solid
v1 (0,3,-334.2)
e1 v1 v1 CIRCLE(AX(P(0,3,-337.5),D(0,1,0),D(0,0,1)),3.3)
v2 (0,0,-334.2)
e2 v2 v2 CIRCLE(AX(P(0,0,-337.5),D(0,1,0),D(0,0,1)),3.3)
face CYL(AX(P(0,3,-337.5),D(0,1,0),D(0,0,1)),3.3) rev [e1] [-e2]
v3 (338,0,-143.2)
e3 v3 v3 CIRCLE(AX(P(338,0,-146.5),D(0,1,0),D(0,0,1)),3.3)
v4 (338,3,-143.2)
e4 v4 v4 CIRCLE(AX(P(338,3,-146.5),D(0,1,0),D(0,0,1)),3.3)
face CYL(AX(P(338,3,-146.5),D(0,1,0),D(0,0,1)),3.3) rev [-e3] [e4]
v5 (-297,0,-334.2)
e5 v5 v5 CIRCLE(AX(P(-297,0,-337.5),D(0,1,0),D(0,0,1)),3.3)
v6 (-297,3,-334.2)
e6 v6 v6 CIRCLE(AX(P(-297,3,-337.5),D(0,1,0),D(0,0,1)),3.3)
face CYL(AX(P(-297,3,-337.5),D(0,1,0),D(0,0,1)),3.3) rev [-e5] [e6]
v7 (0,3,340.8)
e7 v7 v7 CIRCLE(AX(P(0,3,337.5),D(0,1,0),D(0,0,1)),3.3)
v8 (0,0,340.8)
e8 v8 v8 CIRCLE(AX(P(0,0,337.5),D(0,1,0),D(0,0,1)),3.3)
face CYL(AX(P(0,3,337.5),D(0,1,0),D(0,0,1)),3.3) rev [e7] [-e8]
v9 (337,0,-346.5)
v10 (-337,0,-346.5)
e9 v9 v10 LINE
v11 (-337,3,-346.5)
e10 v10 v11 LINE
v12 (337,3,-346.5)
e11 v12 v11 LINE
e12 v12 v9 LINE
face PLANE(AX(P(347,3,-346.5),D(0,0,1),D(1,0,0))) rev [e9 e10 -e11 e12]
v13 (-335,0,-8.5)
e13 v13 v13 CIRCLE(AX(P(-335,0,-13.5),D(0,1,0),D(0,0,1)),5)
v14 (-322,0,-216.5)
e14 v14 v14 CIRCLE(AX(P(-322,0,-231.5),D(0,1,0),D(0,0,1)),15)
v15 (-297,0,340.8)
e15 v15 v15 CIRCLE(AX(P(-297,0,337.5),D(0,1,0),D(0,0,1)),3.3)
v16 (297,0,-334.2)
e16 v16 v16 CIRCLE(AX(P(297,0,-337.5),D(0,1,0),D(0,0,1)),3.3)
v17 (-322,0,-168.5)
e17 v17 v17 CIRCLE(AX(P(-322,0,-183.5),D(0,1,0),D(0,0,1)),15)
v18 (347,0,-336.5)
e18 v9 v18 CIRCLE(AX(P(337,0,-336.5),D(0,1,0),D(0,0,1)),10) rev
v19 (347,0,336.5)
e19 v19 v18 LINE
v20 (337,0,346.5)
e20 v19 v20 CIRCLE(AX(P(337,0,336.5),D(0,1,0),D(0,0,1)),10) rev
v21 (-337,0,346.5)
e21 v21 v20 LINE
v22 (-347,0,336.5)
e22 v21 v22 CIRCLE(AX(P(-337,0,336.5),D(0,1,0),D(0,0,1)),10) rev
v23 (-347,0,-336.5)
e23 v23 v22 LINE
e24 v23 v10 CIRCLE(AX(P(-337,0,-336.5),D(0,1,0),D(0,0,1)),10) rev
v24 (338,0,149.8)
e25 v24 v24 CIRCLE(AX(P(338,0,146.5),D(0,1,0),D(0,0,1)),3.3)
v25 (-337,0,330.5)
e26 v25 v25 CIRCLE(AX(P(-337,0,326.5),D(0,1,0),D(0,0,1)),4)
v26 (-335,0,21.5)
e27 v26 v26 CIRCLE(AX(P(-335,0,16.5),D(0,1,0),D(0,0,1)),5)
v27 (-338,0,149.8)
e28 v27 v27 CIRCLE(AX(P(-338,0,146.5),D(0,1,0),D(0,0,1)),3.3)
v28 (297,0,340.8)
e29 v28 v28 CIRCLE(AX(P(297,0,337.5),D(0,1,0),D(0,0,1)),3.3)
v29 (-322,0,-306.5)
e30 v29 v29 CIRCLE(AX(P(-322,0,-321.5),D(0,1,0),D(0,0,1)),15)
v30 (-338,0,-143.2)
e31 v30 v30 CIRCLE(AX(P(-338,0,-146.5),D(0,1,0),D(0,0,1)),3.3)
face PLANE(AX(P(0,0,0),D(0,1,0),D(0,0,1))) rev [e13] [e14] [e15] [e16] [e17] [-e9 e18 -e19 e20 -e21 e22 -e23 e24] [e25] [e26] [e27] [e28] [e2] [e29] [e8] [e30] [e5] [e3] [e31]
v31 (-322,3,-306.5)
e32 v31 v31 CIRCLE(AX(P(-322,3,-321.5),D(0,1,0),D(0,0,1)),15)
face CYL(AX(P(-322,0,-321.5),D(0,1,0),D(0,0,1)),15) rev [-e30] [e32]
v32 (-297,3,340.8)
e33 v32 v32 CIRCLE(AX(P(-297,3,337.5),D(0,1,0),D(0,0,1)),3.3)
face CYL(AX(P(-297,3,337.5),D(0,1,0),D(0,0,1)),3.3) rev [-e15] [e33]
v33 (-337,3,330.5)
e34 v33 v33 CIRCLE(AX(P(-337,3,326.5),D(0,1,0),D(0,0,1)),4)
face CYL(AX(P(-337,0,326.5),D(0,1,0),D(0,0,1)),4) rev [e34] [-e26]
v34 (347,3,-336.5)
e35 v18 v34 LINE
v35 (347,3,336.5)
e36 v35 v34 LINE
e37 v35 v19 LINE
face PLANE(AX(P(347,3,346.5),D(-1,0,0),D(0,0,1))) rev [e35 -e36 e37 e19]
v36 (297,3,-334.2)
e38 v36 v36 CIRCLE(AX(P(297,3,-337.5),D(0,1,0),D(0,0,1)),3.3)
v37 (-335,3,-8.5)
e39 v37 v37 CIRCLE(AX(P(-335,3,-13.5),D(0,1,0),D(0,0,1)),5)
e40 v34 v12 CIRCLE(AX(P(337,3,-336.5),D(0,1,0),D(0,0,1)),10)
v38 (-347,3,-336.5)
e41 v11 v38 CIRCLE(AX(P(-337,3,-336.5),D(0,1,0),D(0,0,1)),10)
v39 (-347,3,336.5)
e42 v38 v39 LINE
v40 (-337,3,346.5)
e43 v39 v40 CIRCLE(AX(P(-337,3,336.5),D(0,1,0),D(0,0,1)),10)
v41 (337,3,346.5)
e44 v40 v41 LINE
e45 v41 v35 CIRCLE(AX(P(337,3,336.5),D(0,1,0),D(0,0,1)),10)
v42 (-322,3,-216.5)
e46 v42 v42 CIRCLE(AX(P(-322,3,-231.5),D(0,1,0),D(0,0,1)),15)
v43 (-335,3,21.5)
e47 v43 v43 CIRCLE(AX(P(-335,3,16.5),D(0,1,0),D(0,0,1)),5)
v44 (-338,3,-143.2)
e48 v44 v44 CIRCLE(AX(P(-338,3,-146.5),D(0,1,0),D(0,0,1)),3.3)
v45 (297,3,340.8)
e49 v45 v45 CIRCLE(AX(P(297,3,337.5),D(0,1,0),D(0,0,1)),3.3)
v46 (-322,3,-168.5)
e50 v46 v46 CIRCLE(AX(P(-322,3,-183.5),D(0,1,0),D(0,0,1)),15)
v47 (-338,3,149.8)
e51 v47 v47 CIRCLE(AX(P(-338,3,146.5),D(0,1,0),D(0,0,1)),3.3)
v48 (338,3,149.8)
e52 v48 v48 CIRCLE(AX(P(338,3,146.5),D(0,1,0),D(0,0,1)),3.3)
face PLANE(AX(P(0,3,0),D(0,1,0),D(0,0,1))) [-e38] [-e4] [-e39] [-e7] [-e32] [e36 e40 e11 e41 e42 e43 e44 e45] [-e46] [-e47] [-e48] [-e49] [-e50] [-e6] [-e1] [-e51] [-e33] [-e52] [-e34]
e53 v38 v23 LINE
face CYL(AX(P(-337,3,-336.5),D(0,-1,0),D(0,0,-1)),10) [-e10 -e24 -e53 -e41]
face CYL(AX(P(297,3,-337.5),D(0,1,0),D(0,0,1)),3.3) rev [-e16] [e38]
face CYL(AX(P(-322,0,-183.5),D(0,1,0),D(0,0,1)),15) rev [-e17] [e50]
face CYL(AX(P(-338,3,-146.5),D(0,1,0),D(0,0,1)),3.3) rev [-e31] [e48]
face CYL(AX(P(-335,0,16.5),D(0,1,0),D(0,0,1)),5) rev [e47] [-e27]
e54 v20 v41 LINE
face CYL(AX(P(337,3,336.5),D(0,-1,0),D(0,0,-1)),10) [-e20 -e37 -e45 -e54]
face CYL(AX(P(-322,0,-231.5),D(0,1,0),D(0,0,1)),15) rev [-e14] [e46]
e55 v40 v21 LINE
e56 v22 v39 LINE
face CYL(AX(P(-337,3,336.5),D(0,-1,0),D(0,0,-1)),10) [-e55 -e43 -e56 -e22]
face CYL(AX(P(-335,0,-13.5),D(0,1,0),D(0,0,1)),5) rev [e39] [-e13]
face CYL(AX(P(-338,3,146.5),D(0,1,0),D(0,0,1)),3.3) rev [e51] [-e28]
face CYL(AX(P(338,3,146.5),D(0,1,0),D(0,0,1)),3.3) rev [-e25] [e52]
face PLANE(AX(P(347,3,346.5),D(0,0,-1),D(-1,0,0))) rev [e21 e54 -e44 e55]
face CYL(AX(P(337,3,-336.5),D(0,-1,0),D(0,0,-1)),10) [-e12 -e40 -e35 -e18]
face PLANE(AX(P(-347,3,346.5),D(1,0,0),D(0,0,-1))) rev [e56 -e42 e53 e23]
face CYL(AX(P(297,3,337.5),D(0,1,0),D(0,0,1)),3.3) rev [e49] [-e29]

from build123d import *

# Parameters (mm, degrees)
SKETCH1_W            = 694
SKETCH1_H            = 693
BOSS_EXTRUDE1_DEPTH  = 3
M6_CLEARANCE_HOLE1_D = 6.6
LPATTERN1_COUNT      = 3
LPATTERN1_PITCH      = 297
MIRROR1_COPY_1_D     = 6.6
MIRROR1_COPY_2_D     = 6.6
M6_CLEARANCE_HOLE2_D = 6.6
LPATTERN2_COUNT      = 2
LPATTERN2_PITCH      = 293
MIRROR2_COPY_1_D     = 6.6
FILLET1_R            = 10
SKETCH6_R            = 4
SKETCH6_R_2          = 5
SKETCH6_R_3          = 15
CUT_EXTRUDE1_DEPTH   = 4


with BuildPart() as part:
    # Sketch1 → Boss-Extrude1 (new body)
    with BuildSketch(Plane(origin=(0, 0, 0), x_dir=(1, 0, 0), z_dir=(0, 1, 0))):
        Rectangle(SKETCH1_W, SKETCH1_H)
    extrude(amount=BOSS_EXTRUDE1_DEPTH)

    # M6 Clearance Hole1 (through all)
    with Locations(Plane(origin=(0, 3, 0), x_dir=(1, 0, 0), z_dir=(0, 1, 0))):
        with Locations((297, -337.5)):
            m6_clearance_hole1 = Hole(M6_CLEARANCE_HOLE1_D / 2)

    # LPattern1: M6 Clearance Hole1 ×3
    with Locations(*[(-i * LPATTERN1_PITCH, 0, 0) for i in range(1, LPATTERN1_COUNT)]):
        add(m6_clearance_hole1, mode=Mode.SUBTRACT)

    # Mirror1: M6 Clearance Hole1 across plane
    add(m6_clearance_hole1.mirror(Plane.XY), mode=Mode.SUBTRACT)

    # Mirror1 copy 1 (through all)
    with Locations(Plane(origin=(-297, 3, 0), x_dir=(1, 0, 0), z_dir=(0, 1, 0))):
        with Locations((297, 337.5)):
            Hole(MIRROR1_COPY_1_D / 2)

    # Mirror1 copy 2 (through all)
    with Locations(Plane(origin=(-594, 3, 0), x_dir=(1, 0, 0), z_dir=(0, 1, 0))):
        with Locations((297, 337.5)):
            Hole(MIRROR1_COPY_2_D / 2)

    # M6 Clearance Hole2 (through all)
    with Locations(Plane(origin=(0, 3, 0), x_dir=(1, 0, 0), z_dir=(0, 1, 0))):
        with Locations((338, -146.5)):
            m6_clearance_hole2 = Hole(M6_CLEARANCE_HOLE2_D / 2)

    # LPattern2: M6 Clearance Hole2 ×2
    with Locations(*[(0, 0, -i * LPATTERN2_PITCH) for i in range(1, LPATTERN2_COUNT)]):
        add(m6_clearance_hole2, mode=Mode.SUBTRACT)

    # Mirror2: M6 Clearance Hole2 across plane
    add(m6_clearance_hole2.mirror(Plane(origin=(0, 0, 0), x_dir=(0, 0, 1), z_dir=(1, 0, 0))), mode=Mode.SUBTRACT)

    # Mirror2 copy 1 (through all)
    with Locations(Plane(origin=(0, 3, -293), x_dir=(-1, 0, 0), z_dir=(0, 1, 0))):
        with Locations((338, 146.5)):
            Hole(MIRROR2_COPY_1_D / 2)

    # Fillet1
    fillet1_edges = [part.edges().sort_by_distance(p)[0] for p in [
        (-347, 1.5, -346.5),
        (347, 1.5, -346.5),
        (347, 1.5, 346.5),
        (-347, 1.5, 346.5),
    ]]
    fillet(fillet1_edges, radius=FILLET1_R)

    # Sketch6 → Cut-Extrude1 (cut, through all)
    with BuildSketch(Plane(origin=(0, 3, 0), x_dir=(1, 0, 0), z_dir=(0, 1, 0))):
        with Locations((-337, -326.5)):
            Circle(SKETCH6_R)
        with Locations((-335, -16.5)):
            Circle(SKETCH6_R_2)
        with Locations((-335, 13.5)):
            Circle(SKETCH6_R_2)
        with Locations((-322, 183.5)):
            Circle(SKETCH6_R_3)
        with Locations((-322, 231.5)):
            Circle(SKETCH6_R_3)
        with Locations((-322, 321.5)):
            Circle(SKETCH6_R_3)
    extrude(amount=-CUT_EXTRUDE1_DEPTH, mode=Mode.SUBTRACT)


solid = part.part
